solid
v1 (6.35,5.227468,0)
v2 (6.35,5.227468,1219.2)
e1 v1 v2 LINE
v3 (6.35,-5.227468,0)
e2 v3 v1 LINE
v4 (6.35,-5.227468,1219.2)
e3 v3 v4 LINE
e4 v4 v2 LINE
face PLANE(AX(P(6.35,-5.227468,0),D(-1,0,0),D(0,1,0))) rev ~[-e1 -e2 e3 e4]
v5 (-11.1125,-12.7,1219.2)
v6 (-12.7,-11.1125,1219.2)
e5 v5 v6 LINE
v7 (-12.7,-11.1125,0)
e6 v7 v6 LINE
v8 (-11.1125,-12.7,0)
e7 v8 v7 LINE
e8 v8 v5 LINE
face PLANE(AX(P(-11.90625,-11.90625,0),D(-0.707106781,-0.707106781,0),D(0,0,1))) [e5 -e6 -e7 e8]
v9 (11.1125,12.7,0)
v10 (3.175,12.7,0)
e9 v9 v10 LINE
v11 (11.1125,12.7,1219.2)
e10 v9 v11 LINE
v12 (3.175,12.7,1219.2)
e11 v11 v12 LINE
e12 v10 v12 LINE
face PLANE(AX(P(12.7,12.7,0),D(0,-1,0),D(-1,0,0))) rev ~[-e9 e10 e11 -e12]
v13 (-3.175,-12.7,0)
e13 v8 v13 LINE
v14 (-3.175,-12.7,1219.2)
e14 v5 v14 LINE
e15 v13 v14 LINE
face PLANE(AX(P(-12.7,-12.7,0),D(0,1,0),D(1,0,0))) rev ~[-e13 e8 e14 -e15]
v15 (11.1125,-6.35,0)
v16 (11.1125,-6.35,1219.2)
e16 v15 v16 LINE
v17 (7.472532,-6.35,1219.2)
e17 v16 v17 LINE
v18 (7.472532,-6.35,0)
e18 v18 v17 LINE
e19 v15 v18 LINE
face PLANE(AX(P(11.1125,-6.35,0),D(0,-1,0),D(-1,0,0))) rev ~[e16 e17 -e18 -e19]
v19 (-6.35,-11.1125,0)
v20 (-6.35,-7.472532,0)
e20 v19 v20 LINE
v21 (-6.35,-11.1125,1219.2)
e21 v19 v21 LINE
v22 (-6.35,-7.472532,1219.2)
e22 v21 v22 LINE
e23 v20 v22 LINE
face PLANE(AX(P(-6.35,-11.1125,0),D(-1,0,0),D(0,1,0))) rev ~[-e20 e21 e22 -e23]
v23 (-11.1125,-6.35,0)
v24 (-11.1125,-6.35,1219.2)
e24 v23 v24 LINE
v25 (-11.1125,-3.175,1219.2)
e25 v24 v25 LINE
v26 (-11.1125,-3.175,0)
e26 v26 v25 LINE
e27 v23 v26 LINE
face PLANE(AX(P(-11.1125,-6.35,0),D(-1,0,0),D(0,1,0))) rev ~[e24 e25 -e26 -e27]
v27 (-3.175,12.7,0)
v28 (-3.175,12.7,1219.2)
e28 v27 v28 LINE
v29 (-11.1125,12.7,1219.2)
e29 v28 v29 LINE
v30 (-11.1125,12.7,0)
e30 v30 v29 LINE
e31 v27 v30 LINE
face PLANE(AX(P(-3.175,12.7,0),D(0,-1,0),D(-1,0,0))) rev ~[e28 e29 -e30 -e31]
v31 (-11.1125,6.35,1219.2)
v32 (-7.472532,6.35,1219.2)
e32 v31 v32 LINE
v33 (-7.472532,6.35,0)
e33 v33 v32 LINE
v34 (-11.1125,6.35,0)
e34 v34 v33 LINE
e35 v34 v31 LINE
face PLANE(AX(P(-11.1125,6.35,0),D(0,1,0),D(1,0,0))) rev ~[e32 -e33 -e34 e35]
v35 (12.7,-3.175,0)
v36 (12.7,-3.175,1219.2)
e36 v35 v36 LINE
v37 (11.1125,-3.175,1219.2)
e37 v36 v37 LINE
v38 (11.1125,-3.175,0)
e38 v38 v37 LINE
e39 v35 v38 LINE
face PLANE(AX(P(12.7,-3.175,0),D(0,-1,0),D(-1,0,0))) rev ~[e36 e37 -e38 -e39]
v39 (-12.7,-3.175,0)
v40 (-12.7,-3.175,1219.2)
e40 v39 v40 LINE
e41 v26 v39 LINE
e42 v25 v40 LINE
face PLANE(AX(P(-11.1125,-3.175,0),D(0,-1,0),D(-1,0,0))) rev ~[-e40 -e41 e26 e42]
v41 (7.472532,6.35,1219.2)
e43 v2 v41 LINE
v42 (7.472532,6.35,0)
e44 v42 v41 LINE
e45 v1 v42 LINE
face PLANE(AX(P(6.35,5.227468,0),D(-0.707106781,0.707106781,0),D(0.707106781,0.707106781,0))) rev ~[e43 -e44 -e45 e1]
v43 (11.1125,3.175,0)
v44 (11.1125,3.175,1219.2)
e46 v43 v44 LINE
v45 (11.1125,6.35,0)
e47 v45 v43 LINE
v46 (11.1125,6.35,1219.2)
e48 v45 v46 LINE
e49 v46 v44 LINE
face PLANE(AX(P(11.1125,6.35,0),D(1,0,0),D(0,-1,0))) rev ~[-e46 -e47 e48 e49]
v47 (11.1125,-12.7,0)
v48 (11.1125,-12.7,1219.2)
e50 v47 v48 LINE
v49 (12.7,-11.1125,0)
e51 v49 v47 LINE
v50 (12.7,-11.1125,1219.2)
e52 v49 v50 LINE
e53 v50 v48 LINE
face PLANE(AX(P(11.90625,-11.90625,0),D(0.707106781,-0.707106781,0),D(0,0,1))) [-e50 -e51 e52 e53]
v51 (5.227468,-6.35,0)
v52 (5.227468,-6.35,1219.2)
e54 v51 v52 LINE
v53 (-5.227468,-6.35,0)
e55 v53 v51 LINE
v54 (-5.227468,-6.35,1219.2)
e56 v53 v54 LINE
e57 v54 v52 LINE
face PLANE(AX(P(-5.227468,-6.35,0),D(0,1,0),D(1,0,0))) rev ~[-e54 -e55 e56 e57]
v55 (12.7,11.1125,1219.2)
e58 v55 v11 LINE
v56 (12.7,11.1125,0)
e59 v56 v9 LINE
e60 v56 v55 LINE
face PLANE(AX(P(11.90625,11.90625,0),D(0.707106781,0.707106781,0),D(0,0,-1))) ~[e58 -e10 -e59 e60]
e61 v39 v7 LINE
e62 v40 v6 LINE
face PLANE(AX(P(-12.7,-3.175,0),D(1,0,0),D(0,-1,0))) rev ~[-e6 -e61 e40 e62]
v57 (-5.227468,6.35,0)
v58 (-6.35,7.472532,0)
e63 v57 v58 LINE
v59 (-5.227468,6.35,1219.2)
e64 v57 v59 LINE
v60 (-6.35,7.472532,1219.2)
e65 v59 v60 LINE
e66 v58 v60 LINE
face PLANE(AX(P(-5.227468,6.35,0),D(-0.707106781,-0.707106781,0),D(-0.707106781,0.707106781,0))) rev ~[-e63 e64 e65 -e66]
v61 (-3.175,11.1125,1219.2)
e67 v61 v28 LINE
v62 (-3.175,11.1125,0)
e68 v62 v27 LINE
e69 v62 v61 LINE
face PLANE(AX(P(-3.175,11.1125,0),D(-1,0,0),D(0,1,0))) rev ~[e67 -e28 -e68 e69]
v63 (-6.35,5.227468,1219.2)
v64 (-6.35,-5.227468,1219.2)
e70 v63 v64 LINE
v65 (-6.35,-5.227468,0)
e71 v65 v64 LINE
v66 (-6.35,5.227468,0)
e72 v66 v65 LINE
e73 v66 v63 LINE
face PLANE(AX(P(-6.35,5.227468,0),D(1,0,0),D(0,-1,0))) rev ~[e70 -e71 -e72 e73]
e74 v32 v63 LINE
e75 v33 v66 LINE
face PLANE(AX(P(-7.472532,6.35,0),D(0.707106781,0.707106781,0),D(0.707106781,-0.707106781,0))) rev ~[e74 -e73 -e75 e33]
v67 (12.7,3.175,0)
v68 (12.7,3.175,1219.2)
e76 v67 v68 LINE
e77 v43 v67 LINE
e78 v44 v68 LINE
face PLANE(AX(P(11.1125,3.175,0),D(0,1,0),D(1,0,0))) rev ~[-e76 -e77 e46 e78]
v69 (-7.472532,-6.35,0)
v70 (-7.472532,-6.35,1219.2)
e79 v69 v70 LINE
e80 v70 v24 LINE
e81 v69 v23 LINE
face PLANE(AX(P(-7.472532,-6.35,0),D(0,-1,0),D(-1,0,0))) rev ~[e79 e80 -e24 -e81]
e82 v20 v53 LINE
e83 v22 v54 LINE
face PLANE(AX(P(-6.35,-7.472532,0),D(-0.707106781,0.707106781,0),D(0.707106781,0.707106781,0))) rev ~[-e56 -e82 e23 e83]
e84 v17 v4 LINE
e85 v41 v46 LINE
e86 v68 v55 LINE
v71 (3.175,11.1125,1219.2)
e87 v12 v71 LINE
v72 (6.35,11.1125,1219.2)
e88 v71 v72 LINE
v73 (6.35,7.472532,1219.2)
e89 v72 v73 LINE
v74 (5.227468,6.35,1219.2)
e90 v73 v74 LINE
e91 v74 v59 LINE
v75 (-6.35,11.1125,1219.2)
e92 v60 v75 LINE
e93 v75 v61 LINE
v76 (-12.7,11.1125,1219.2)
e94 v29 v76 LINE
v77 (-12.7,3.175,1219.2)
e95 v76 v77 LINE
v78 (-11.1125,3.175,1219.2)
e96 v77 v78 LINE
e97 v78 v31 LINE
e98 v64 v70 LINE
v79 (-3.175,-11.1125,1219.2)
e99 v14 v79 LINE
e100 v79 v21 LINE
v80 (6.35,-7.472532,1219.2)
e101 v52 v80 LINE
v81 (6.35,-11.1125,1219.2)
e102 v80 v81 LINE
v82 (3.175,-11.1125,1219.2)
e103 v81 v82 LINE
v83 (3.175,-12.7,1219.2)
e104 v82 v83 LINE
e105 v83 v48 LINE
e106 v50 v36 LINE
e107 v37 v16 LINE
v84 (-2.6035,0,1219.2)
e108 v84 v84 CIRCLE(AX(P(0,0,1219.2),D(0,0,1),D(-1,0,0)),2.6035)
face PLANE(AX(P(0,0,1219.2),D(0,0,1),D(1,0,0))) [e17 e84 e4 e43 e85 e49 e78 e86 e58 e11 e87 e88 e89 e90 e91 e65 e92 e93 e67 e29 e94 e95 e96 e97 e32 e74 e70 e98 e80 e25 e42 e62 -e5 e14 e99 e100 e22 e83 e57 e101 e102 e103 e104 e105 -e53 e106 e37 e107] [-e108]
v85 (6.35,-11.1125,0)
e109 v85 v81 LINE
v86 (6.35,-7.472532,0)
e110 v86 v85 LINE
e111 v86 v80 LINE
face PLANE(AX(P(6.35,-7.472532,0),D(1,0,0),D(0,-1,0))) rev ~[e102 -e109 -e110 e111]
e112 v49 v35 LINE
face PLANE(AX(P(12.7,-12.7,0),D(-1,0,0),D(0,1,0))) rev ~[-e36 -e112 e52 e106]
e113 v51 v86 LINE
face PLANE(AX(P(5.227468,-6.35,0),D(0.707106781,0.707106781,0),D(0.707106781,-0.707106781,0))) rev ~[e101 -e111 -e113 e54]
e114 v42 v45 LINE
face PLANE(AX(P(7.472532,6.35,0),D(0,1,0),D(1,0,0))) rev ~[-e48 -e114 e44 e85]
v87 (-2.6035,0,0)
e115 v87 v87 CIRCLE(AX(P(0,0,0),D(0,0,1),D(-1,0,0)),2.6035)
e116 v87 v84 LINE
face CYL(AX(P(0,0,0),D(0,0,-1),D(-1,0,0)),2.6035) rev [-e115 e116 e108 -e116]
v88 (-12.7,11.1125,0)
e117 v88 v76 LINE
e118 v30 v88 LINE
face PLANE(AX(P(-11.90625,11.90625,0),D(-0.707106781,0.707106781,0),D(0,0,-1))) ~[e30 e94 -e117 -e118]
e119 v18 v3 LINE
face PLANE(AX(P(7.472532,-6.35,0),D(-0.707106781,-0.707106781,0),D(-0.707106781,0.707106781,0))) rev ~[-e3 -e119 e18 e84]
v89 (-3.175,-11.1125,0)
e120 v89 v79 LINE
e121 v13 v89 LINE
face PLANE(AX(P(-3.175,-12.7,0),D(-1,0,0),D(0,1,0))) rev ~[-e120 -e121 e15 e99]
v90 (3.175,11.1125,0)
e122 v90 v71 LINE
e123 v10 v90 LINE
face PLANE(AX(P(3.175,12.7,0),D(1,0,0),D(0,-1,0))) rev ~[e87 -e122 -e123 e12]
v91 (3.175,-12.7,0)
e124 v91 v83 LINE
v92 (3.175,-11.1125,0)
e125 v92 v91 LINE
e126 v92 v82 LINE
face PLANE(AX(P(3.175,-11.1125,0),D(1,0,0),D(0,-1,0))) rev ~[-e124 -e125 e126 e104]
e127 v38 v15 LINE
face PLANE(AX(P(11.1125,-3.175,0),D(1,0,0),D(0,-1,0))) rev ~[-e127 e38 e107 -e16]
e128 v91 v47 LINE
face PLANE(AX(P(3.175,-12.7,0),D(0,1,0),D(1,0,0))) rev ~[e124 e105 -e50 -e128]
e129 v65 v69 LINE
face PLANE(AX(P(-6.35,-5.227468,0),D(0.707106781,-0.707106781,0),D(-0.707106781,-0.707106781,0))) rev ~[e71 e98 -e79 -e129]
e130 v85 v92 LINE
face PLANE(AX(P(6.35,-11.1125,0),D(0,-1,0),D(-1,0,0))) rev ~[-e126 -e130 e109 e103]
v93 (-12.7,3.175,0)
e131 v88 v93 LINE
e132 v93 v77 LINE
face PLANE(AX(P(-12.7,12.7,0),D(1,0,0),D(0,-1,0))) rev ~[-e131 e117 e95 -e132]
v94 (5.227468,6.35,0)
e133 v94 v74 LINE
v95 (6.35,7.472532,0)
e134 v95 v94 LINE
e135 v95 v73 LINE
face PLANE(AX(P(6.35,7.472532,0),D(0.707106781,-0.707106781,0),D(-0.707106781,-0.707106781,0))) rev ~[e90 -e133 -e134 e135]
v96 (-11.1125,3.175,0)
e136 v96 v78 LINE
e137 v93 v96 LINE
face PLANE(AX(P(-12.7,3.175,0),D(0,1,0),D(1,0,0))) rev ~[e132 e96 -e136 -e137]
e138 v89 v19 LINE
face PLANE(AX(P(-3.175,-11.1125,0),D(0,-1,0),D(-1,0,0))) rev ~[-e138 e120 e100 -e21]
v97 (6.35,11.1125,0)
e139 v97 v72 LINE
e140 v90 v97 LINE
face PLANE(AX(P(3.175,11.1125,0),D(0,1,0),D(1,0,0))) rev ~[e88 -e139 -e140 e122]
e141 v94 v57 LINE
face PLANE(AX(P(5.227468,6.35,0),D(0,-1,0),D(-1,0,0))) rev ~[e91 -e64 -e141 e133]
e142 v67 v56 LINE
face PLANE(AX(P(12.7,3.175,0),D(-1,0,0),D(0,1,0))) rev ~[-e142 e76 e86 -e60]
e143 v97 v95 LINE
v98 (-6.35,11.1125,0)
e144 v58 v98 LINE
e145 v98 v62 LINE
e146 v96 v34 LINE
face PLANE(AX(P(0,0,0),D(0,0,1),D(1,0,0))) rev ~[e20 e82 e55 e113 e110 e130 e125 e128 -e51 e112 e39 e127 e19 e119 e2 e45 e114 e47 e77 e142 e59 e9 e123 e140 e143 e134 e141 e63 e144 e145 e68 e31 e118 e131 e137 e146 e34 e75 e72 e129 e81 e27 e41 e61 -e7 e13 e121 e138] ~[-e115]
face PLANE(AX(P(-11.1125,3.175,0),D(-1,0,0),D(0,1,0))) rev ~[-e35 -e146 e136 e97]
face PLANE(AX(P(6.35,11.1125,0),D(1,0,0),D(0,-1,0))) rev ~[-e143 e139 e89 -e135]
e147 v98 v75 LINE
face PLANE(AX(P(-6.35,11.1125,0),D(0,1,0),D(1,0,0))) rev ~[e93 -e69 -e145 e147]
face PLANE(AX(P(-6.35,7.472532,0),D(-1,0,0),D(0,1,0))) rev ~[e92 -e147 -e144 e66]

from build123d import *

# Parameters (mm, degrees)
SKETCH1_R      = 2.6035
EXTRUDE1_DEPTH = 1219.2
CHAMFER1_SIZE  = 1.5875


with BuildPart() as part:
    # Sketch1 → Extrude1 (new body)
    with BuildSketch(Plane.XY):
        Polygon((12.7, 3.175), (12.7, 12.7), (3.175, 12.7), (3.175, 11.1125), (6.35, 11.1125), (6.35, 7.472532015), (5.227467985, 6.35), (-5.227467985, 6.35), (-6.35, 7.472532015), (-6.35, 11.1125), (-3.175, 11.1125), (-3.175, 12.7), (-12.7, 12.7), (-12.7, 3.175), (-11.1125, 3.175), (-11.1125, 6.35), (-7.472532015, 6.35), (-6.35, 5.227467985), (-6.35, -5.227467985), (-7.472532015, -6.35), (-11.1125, -6.35), (-11.1125, -3.175), (-12.7, -3.175), (-12.7, -12.7), (-3.175, -12.7), (-3.175, -11.1125), (-6.35, -11.1125), (-6.35, -7.472532015), (-5.227467985, -6.35), (5.227467985, -6.35), (6.35, -7.472532015), (6.35, -11.1125), (3.175, -11.1125), (3.175, -12.7), (12.7, -12.7), (12.7, -3.175), (11.1125, -3.175), (11.1125, -6.35), (7.472532015, -6.35), (6.35, -5.227467985), (6.35, 5.227467985), (7.472532015, 6.35), (11.1125, 6.35), (11.1125, 3.175), align=None)
        with Locations(Location((0, 0, 0), (0, 0, 180))):
            Circle(SKETCH1_R, mode=Mode.SUBTRACT)
    extrude(amount=EXTRUDE1_DEPTH)

    # Chamfer1
    chamfer1_edges = [part.edges().sort_by_distance(p)[0] for p in [
        (12.7, -12.7, 609.6),
        (-12.7, -12.7, 609.6),
        (-12.7, 12.7, 609.6),
        (12.7, 12.7, 609.6),
    ]]
    chamfer(chamfer1_edges, length=CHAMFER1_SIZE)


solid = part.part
